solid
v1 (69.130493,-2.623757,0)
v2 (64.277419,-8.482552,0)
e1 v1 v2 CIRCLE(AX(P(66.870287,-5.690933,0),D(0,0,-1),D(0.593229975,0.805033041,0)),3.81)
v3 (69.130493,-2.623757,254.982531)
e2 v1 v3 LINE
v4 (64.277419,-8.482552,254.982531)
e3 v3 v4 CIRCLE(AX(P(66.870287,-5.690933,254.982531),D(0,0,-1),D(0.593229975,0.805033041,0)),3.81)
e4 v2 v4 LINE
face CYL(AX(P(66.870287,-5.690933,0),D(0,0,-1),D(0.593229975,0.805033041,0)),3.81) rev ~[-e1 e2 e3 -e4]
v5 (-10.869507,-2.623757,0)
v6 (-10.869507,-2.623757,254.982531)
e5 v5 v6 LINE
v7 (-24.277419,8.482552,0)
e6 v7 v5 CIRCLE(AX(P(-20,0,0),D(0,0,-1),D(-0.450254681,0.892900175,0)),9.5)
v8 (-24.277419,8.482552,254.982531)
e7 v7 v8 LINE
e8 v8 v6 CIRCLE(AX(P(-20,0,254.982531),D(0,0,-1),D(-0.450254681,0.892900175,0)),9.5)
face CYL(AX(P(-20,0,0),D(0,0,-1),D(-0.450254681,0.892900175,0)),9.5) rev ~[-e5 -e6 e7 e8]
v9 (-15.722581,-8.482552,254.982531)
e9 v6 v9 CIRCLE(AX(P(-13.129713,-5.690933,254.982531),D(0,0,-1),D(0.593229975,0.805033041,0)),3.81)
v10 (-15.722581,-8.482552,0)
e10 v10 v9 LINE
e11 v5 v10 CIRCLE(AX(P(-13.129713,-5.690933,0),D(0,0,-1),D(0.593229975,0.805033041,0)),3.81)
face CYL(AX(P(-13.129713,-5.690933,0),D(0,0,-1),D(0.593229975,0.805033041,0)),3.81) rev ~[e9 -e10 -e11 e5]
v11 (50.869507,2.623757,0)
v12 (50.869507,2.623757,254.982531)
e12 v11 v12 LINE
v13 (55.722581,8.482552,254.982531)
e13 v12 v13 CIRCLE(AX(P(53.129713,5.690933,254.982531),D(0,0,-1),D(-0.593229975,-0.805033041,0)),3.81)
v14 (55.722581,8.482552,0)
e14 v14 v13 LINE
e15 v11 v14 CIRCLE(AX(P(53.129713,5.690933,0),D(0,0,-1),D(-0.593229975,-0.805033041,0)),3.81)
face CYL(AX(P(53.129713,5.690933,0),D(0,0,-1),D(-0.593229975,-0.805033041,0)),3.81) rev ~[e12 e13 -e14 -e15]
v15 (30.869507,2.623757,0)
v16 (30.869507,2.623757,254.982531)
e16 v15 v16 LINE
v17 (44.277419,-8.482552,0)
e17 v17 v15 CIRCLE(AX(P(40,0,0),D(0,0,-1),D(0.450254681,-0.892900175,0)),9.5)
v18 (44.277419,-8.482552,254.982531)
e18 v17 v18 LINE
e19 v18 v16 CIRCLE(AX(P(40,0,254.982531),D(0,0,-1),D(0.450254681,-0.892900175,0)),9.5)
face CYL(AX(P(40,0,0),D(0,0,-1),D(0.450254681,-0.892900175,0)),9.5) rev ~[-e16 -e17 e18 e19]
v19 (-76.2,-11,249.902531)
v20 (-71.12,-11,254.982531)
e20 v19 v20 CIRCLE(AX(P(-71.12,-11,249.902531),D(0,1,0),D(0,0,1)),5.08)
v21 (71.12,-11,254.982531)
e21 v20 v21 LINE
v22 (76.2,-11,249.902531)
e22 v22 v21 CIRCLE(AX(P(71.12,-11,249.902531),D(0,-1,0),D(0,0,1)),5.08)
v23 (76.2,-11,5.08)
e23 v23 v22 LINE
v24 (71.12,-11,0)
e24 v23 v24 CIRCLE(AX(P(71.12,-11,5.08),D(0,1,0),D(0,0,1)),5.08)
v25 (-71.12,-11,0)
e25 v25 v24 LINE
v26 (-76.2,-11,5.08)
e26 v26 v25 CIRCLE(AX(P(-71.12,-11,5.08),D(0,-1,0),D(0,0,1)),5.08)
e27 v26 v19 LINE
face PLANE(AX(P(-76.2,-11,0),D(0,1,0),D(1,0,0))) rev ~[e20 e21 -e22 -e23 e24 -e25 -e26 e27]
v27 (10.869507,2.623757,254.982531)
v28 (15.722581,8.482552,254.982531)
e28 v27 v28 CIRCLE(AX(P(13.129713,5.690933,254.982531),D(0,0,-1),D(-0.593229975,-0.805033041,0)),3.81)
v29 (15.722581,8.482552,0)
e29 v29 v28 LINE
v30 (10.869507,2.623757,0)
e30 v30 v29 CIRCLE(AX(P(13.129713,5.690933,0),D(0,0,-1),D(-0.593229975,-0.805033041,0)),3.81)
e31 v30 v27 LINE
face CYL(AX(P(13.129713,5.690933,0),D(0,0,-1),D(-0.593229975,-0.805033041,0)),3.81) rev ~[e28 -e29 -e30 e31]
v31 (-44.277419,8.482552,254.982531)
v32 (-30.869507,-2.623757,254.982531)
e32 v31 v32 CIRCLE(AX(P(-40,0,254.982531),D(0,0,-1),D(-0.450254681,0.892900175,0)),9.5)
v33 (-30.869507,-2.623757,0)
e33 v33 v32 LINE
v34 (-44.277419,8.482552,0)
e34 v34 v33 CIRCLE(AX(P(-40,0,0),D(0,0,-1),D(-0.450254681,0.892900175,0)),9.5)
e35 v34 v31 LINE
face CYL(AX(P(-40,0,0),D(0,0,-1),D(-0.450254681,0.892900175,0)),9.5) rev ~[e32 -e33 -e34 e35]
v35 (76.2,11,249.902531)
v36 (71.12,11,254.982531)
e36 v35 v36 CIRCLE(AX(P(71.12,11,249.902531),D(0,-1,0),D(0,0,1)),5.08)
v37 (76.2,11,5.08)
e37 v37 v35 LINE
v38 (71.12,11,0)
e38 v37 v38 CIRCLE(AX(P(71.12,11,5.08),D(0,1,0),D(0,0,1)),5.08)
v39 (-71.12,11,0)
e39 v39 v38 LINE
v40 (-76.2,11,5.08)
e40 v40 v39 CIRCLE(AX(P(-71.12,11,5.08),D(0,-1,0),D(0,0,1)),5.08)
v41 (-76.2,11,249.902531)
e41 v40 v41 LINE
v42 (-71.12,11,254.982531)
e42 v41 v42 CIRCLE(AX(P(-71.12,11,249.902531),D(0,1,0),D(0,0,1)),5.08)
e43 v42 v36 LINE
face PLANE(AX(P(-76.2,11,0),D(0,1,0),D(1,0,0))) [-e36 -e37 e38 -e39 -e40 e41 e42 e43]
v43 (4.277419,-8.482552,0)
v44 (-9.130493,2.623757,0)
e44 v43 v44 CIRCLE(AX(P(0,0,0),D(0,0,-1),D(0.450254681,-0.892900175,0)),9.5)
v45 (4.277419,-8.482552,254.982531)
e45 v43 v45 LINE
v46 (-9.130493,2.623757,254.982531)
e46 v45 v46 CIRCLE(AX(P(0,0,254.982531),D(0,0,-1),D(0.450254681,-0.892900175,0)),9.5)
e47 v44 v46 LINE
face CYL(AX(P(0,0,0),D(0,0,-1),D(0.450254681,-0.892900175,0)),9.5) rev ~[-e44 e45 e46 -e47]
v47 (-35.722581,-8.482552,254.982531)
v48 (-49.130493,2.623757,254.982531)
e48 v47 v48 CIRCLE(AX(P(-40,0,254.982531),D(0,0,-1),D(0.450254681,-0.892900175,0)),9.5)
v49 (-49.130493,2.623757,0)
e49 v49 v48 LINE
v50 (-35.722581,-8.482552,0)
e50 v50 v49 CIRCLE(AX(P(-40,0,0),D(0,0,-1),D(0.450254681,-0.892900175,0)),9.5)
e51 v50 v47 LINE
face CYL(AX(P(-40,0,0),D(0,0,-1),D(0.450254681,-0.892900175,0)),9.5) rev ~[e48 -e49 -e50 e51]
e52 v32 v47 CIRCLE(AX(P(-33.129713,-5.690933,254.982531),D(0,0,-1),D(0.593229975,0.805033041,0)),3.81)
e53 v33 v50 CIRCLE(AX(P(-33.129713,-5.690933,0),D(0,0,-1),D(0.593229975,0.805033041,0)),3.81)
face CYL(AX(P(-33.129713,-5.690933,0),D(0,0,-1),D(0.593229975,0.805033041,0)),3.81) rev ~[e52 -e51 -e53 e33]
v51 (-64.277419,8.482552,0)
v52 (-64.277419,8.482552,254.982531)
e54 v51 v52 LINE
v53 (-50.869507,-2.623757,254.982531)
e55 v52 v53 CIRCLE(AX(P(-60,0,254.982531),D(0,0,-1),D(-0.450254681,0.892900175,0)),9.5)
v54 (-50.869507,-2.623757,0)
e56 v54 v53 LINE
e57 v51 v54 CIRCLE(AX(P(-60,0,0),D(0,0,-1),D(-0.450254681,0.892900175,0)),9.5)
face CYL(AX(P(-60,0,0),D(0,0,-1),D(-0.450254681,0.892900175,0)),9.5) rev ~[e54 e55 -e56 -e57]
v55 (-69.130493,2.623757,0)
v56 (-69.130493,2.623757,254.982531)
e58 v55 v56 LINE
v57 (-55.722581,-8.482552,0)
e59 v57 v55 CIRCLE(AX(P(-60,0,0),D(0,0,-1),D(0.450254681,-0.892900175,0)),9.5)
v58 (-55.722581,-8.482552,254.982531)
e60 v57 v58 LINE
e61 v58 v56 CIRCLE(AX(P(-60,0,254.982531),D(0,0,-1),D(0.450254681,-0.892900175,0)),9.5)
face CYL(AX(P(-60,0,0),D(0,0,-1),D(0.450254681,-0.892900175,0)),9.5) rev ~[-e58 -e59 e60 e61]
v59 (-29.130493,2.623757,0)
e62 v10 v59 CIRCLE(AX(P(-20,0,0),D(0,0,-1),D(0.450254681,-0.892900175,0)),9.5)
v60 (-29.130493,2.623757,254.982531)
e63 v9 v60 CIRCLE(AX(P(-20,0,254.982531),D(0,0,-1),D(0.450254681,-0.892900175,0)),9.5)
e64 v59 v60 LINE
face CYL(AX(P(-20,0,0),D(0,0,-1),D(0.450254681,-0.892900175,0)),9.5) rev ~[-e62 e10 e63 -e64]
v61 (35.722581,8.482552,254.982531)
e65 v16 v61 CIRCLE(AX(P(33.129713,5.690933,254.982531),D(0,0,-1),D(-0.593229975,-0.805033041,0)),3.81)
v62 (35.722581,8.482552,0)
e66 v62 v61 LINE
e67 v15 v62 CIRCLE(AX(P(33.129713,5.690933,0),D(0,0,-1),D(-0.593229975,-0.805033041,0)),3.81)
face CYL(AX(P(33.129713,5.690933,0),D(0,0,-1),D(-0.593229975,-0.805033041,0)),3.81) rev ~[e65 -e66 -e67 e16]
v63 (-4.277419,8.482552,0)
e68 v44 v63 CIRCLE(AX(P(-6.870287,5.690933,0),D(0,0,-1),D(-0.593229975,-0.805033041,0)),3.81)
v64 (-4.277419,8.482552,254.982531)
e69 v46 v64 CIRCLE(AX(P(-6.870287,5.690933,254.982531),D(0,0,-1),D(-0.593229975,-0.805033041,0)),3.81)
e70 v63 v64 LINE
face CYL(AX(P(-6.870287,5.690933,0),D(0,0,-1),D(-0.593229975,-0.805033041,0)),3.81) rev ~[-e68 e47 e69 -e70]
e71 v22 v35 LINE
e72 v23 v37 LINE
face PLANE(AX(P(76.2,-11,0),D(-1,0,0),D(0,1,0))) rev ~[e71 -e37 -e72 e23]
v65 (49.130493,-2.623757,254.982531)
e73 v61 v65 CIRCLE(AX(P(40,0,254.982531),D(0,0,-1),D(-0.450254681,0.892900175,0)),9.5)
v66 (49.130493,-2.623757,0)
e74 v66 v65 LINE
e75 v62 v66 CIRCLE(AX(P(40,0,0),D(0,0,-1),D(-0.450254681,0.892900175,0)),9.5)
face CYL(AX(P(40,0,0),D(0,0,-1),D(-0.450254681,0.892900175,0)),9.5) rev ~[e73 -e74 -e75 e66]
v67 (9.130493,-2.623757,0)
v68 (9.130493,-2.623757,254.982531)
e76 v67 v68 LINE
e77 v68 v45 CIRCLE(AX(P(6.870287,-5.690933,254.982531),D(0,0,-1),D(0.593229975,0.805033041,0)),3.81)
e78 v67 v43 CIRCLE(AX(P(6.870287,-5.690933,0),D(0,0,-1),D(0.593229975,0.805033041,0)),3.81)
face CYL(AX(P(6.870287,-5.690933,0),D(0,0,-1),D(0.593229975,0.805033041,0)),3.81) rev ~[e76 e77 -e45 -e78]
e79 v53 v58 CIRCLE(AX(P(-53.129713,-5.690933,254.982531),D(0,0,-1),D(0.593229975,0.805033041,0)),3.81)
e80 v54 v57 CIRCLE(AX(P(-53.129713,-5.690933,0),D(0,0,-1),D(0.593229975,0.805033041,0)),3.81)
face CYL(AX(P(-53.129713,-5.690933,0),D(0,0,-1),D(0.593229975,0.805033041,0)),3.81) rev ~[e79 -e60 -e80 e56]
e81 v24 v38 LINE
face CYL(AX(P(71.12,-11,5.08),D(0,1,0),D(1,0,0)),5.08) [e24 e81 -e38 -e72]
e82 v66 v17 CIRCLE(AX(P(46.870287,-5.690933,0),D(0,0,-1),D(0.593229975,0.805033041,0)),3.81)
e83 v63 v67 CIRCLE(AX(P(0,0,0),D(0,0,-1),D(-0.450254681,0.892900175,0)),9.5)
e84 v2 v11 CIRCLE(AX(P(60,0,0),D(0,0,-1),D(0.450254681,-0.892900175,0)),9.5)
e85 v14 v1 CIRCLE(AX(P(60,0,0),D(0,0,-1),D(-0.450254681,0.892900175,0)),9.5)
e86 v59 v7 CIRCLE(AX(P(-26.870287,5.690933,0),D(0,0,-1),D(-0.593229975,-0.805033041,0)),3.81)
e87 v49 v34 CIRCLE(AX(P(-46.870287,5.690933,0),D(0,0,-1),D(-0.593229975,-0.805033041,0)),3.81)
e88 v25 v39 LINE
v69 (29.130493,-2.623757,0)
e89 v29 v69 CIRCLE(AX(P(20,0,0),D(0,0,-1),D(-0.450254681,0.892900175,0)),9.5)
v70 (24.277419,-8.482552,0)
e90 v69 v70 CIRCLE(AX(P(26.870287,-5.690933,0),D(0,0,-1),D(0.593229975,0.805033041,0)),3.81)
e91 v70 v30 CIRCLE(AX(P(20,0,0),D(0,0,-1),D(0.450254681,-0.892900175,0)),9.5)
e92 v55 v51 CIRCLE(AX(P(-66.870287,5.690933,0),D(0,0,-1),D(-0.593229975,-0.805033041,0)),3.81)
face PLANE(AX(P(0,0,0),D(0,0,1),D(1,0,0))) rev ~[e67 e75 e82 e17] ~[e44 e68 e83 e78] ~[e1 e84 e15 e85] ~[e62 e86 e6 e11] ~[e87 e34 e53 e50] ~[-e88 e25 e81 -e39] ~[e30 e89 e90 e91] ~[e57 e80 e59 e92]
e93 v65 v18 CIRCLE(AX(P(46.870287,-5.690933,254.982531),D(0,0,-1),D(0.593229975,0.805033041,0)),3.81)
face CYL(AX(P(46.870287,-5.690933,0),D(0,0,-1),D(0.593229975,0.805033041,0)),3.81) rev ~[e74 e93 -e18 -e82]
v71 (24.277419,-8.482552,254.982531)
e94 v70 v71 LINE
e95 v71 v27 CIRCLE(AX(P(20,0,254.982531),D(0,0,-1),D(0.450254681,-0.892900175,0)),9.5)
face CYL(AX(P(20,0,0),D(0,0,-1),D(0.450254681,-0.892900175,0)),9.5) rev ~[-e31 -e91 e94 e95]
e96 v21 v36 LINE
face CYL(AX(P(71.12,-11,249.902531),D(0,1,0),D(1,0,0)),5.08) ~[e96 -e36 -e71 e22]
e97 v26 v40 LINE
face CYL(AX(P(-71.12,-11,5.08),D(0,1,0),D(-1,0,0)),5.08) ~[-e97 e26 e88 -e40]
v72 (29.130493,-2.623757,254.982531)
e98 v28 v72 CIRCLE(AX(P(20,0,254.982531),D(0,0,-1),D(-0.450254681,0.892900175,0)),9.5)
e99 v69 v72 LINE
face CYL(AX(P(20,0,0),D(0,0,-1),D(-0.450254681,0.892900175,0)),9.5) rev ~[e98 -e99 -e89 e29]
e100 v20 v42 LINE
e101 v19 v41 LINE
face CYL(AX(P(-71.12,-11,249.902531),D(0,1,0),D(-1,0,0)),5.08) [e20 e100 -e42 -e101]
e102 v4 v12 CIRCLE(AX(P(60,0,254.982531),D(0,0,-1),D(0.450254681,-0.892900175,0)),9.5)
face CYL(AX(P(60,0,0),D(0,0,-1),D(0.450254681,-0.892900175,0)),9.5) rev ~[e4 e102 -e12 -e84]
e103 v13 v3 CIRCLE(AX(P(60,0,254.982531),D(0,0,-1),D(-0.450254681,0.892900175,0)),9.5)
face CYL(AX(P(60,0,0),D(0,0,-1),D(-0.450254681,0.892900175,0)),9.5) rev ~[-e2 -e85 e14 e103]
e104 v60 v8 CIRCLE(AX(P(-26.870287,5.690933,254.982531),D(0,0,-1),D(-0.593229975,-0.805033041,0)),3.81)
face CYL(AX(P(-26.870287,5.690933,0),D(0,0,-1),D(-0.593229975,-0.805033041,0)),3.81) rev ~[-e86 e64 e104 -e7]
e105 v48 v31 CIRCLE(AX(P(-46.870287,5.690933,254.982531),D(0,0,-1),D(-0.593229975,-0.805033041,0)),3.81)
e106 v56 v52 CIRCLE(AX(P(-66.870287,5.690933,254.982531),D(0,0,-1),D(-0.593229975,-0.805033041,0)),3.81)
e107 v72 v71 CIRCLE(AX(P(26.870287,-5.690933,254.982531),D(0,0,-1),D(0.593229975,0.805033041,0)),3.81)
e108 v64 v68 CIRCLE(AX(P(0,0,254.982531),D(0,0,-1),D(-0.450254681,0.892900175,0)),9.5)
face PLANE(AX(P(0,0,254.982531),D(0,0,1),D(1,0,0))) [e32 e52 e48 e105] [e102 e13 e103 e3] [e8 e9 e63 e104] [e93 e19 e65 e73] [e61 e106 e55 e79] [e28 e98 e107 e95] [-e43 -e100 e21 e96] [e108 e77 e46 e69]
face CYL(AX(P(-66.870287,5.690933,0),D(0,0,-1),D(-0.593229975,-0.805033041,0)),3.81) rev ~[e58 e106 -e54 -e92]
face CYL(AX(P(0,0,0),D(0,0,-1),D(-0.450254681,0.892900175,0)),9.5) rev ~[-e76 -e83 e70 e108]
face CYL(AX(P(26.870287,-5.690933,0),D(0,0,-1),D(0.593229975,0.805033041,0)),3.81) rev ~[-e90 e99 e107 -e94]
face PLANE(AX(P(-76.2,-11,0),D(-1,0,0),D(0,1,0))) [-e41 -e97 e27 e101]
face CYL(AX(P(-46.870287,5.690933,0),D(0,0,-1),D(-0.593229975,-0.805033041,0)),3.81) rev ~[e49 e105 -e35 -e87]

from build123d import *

# Parameters (mm, degrees)
F0_W     = 152.4
F0_H     = 22
F1_DEPTH = 254.982531
F2_R     = 5.08


with BuildPart() as f1:
    # F0 (on Top) → F1 (new body)
    with BuildSketch(Plane.XY):
        Rectangle(F0_W, F0_H)
        with BuildLine():
            ThreePointArc((-64.277419, 8.482552), (-53.939834, 7.316037), (-50.869507, -2.623757))
            ThreePointArc((-50.869507, -2.623757), (-50.195598, -8.121379), (-55.722581, -8.482552))
            ThreePointArc((-55.722581, -8.482552), (-66.060166, -7.316037), (-69.130493, 2.623757))
            ThreePointArc((-69.130493, 2.623757), (-69.804402, 8.121379), (-64.277419, 8.482552))
        make_face(mode=Mode.SUBTRACT)
        with BuildLine():
            ThreePointArc((-44.277419, 8.482552), (-33.939834, 7.316037), (-30.869507, -2.623757))
            ThreePointArc((-30.869507, -2.623757), (-30.195598, -8.121379), (-35.722581, -8.482552))
            ThreePointArc((-35.722581, -8.482552), (-46.060166, -7.316037), (-49.130493, 2.623757))
            ThreePointArc((-49.130493, 2.623757), (-49.804402, 8.121379), (-44.277419, 8.482552))
        make_face(mode=Mode.SUBTRACT)
        with BuildLine():
            ThreePointArc((-24.277419, 8.482552), (-13.939834, 7.316037), (-10.869507, -2.623757))
            ThreePointArc((-10.869507, -2.623757), (-10.195598, -8.121379), (-15.722581, -8.482552))
            ThreePointArc((-15.722581, -8.482552), (-26.060166, -7.316037), (-29.130493, 2.623757))
            ThreePointArc((-29.130493, 2.623757), (-29.804402, 8.121379), (-24.277419, 8.482552))
        make_face(mode=Mode.SUBTRACT)
        with BuildLine():
            ThreePointArc((4.277419, -8.482552), (-6.060166, -7.316037), (-9.130493, 2.623757))
            ThreePointArc((-9.130493, 2.623757), (-9.804402, 8.121379), (-4.277419, 8.482552))
            ThreePointArc((-4.277419, 8.482552), (6.060166, 7.316037), (9.130493, -2.623757))
            ThreePointArc((9.130493, -2.623757), (9.804402, -8.121379), (4.277419, -8.482552))
        make_face(mode=Mode.SUBTRACT)
        with BuildLine():
            ThreePointArc((15.722581, 8.482552), (26.060166, 7.316037), (29.130493, -2.623757))
            ThreePointArc((29.130493, -2.623757), (29.804402, -8.121379), (24.277419, -8.482552))
            ThreePointArc((24.277419, -8.482552), (13.939834, -7.316037), (10.869507, 2.623757))
            ThreePointArc((10.869507, 2.623757), (10.195598, 8.121379), (15.722581, 8.482552))
        make_face(mode=Mode.SUBTRACT)
        with BuildLine():
            ThreePointArc((35.722581, 8.482552), (46.060166, 7.316037), (49.130493, -2.623757))
            ThreePointArc((49.130493, -2.623757), (49.804402, -8.121379), (44.277419, -8.482552))
            ThreePointArc((44.277419, -8.482552), (33.939834, -7.316037), (30.869507, 2.623757))
            ThreePointArc((30.869507, 2.623757), (30.195598, 8.121379), (35.722581, 8.482552))
        make_face(mode=Mode.SUBTRACT)
        with BuildLine():
            ThreePointArc((55.722581, 8.482552), (66.060166, 7.316037), (69.130493, -2.623757))
            ThreePointArc((69.130493, -2.623757), (69.804402, -8.121379), (64.277419, -8.482552))
            ThreePointArc((64.277419, -8.482552), (53.939834, -7.316037), (50.869507, 2.623757))
            ThreePointArc((50.869507, 2.623757), (50.195598, 8.121379), (55.722581, 8.482552))
        make_face(mode=Mode.SUBTRACT)
    extrude(amount=F1_DEPTH)

    # F2
    f2_edges = [f1.edges().sort_by_distance(p)[0] for p in [
        (76.2, 0, 254.982531),
        (-76.2, 0, 254.982531),
        (76.2, 0, 0),
        (-76.2, 0, 0),
    ]]
    fillet(f2_edges, radius=F2_R)


solid = f1.part
